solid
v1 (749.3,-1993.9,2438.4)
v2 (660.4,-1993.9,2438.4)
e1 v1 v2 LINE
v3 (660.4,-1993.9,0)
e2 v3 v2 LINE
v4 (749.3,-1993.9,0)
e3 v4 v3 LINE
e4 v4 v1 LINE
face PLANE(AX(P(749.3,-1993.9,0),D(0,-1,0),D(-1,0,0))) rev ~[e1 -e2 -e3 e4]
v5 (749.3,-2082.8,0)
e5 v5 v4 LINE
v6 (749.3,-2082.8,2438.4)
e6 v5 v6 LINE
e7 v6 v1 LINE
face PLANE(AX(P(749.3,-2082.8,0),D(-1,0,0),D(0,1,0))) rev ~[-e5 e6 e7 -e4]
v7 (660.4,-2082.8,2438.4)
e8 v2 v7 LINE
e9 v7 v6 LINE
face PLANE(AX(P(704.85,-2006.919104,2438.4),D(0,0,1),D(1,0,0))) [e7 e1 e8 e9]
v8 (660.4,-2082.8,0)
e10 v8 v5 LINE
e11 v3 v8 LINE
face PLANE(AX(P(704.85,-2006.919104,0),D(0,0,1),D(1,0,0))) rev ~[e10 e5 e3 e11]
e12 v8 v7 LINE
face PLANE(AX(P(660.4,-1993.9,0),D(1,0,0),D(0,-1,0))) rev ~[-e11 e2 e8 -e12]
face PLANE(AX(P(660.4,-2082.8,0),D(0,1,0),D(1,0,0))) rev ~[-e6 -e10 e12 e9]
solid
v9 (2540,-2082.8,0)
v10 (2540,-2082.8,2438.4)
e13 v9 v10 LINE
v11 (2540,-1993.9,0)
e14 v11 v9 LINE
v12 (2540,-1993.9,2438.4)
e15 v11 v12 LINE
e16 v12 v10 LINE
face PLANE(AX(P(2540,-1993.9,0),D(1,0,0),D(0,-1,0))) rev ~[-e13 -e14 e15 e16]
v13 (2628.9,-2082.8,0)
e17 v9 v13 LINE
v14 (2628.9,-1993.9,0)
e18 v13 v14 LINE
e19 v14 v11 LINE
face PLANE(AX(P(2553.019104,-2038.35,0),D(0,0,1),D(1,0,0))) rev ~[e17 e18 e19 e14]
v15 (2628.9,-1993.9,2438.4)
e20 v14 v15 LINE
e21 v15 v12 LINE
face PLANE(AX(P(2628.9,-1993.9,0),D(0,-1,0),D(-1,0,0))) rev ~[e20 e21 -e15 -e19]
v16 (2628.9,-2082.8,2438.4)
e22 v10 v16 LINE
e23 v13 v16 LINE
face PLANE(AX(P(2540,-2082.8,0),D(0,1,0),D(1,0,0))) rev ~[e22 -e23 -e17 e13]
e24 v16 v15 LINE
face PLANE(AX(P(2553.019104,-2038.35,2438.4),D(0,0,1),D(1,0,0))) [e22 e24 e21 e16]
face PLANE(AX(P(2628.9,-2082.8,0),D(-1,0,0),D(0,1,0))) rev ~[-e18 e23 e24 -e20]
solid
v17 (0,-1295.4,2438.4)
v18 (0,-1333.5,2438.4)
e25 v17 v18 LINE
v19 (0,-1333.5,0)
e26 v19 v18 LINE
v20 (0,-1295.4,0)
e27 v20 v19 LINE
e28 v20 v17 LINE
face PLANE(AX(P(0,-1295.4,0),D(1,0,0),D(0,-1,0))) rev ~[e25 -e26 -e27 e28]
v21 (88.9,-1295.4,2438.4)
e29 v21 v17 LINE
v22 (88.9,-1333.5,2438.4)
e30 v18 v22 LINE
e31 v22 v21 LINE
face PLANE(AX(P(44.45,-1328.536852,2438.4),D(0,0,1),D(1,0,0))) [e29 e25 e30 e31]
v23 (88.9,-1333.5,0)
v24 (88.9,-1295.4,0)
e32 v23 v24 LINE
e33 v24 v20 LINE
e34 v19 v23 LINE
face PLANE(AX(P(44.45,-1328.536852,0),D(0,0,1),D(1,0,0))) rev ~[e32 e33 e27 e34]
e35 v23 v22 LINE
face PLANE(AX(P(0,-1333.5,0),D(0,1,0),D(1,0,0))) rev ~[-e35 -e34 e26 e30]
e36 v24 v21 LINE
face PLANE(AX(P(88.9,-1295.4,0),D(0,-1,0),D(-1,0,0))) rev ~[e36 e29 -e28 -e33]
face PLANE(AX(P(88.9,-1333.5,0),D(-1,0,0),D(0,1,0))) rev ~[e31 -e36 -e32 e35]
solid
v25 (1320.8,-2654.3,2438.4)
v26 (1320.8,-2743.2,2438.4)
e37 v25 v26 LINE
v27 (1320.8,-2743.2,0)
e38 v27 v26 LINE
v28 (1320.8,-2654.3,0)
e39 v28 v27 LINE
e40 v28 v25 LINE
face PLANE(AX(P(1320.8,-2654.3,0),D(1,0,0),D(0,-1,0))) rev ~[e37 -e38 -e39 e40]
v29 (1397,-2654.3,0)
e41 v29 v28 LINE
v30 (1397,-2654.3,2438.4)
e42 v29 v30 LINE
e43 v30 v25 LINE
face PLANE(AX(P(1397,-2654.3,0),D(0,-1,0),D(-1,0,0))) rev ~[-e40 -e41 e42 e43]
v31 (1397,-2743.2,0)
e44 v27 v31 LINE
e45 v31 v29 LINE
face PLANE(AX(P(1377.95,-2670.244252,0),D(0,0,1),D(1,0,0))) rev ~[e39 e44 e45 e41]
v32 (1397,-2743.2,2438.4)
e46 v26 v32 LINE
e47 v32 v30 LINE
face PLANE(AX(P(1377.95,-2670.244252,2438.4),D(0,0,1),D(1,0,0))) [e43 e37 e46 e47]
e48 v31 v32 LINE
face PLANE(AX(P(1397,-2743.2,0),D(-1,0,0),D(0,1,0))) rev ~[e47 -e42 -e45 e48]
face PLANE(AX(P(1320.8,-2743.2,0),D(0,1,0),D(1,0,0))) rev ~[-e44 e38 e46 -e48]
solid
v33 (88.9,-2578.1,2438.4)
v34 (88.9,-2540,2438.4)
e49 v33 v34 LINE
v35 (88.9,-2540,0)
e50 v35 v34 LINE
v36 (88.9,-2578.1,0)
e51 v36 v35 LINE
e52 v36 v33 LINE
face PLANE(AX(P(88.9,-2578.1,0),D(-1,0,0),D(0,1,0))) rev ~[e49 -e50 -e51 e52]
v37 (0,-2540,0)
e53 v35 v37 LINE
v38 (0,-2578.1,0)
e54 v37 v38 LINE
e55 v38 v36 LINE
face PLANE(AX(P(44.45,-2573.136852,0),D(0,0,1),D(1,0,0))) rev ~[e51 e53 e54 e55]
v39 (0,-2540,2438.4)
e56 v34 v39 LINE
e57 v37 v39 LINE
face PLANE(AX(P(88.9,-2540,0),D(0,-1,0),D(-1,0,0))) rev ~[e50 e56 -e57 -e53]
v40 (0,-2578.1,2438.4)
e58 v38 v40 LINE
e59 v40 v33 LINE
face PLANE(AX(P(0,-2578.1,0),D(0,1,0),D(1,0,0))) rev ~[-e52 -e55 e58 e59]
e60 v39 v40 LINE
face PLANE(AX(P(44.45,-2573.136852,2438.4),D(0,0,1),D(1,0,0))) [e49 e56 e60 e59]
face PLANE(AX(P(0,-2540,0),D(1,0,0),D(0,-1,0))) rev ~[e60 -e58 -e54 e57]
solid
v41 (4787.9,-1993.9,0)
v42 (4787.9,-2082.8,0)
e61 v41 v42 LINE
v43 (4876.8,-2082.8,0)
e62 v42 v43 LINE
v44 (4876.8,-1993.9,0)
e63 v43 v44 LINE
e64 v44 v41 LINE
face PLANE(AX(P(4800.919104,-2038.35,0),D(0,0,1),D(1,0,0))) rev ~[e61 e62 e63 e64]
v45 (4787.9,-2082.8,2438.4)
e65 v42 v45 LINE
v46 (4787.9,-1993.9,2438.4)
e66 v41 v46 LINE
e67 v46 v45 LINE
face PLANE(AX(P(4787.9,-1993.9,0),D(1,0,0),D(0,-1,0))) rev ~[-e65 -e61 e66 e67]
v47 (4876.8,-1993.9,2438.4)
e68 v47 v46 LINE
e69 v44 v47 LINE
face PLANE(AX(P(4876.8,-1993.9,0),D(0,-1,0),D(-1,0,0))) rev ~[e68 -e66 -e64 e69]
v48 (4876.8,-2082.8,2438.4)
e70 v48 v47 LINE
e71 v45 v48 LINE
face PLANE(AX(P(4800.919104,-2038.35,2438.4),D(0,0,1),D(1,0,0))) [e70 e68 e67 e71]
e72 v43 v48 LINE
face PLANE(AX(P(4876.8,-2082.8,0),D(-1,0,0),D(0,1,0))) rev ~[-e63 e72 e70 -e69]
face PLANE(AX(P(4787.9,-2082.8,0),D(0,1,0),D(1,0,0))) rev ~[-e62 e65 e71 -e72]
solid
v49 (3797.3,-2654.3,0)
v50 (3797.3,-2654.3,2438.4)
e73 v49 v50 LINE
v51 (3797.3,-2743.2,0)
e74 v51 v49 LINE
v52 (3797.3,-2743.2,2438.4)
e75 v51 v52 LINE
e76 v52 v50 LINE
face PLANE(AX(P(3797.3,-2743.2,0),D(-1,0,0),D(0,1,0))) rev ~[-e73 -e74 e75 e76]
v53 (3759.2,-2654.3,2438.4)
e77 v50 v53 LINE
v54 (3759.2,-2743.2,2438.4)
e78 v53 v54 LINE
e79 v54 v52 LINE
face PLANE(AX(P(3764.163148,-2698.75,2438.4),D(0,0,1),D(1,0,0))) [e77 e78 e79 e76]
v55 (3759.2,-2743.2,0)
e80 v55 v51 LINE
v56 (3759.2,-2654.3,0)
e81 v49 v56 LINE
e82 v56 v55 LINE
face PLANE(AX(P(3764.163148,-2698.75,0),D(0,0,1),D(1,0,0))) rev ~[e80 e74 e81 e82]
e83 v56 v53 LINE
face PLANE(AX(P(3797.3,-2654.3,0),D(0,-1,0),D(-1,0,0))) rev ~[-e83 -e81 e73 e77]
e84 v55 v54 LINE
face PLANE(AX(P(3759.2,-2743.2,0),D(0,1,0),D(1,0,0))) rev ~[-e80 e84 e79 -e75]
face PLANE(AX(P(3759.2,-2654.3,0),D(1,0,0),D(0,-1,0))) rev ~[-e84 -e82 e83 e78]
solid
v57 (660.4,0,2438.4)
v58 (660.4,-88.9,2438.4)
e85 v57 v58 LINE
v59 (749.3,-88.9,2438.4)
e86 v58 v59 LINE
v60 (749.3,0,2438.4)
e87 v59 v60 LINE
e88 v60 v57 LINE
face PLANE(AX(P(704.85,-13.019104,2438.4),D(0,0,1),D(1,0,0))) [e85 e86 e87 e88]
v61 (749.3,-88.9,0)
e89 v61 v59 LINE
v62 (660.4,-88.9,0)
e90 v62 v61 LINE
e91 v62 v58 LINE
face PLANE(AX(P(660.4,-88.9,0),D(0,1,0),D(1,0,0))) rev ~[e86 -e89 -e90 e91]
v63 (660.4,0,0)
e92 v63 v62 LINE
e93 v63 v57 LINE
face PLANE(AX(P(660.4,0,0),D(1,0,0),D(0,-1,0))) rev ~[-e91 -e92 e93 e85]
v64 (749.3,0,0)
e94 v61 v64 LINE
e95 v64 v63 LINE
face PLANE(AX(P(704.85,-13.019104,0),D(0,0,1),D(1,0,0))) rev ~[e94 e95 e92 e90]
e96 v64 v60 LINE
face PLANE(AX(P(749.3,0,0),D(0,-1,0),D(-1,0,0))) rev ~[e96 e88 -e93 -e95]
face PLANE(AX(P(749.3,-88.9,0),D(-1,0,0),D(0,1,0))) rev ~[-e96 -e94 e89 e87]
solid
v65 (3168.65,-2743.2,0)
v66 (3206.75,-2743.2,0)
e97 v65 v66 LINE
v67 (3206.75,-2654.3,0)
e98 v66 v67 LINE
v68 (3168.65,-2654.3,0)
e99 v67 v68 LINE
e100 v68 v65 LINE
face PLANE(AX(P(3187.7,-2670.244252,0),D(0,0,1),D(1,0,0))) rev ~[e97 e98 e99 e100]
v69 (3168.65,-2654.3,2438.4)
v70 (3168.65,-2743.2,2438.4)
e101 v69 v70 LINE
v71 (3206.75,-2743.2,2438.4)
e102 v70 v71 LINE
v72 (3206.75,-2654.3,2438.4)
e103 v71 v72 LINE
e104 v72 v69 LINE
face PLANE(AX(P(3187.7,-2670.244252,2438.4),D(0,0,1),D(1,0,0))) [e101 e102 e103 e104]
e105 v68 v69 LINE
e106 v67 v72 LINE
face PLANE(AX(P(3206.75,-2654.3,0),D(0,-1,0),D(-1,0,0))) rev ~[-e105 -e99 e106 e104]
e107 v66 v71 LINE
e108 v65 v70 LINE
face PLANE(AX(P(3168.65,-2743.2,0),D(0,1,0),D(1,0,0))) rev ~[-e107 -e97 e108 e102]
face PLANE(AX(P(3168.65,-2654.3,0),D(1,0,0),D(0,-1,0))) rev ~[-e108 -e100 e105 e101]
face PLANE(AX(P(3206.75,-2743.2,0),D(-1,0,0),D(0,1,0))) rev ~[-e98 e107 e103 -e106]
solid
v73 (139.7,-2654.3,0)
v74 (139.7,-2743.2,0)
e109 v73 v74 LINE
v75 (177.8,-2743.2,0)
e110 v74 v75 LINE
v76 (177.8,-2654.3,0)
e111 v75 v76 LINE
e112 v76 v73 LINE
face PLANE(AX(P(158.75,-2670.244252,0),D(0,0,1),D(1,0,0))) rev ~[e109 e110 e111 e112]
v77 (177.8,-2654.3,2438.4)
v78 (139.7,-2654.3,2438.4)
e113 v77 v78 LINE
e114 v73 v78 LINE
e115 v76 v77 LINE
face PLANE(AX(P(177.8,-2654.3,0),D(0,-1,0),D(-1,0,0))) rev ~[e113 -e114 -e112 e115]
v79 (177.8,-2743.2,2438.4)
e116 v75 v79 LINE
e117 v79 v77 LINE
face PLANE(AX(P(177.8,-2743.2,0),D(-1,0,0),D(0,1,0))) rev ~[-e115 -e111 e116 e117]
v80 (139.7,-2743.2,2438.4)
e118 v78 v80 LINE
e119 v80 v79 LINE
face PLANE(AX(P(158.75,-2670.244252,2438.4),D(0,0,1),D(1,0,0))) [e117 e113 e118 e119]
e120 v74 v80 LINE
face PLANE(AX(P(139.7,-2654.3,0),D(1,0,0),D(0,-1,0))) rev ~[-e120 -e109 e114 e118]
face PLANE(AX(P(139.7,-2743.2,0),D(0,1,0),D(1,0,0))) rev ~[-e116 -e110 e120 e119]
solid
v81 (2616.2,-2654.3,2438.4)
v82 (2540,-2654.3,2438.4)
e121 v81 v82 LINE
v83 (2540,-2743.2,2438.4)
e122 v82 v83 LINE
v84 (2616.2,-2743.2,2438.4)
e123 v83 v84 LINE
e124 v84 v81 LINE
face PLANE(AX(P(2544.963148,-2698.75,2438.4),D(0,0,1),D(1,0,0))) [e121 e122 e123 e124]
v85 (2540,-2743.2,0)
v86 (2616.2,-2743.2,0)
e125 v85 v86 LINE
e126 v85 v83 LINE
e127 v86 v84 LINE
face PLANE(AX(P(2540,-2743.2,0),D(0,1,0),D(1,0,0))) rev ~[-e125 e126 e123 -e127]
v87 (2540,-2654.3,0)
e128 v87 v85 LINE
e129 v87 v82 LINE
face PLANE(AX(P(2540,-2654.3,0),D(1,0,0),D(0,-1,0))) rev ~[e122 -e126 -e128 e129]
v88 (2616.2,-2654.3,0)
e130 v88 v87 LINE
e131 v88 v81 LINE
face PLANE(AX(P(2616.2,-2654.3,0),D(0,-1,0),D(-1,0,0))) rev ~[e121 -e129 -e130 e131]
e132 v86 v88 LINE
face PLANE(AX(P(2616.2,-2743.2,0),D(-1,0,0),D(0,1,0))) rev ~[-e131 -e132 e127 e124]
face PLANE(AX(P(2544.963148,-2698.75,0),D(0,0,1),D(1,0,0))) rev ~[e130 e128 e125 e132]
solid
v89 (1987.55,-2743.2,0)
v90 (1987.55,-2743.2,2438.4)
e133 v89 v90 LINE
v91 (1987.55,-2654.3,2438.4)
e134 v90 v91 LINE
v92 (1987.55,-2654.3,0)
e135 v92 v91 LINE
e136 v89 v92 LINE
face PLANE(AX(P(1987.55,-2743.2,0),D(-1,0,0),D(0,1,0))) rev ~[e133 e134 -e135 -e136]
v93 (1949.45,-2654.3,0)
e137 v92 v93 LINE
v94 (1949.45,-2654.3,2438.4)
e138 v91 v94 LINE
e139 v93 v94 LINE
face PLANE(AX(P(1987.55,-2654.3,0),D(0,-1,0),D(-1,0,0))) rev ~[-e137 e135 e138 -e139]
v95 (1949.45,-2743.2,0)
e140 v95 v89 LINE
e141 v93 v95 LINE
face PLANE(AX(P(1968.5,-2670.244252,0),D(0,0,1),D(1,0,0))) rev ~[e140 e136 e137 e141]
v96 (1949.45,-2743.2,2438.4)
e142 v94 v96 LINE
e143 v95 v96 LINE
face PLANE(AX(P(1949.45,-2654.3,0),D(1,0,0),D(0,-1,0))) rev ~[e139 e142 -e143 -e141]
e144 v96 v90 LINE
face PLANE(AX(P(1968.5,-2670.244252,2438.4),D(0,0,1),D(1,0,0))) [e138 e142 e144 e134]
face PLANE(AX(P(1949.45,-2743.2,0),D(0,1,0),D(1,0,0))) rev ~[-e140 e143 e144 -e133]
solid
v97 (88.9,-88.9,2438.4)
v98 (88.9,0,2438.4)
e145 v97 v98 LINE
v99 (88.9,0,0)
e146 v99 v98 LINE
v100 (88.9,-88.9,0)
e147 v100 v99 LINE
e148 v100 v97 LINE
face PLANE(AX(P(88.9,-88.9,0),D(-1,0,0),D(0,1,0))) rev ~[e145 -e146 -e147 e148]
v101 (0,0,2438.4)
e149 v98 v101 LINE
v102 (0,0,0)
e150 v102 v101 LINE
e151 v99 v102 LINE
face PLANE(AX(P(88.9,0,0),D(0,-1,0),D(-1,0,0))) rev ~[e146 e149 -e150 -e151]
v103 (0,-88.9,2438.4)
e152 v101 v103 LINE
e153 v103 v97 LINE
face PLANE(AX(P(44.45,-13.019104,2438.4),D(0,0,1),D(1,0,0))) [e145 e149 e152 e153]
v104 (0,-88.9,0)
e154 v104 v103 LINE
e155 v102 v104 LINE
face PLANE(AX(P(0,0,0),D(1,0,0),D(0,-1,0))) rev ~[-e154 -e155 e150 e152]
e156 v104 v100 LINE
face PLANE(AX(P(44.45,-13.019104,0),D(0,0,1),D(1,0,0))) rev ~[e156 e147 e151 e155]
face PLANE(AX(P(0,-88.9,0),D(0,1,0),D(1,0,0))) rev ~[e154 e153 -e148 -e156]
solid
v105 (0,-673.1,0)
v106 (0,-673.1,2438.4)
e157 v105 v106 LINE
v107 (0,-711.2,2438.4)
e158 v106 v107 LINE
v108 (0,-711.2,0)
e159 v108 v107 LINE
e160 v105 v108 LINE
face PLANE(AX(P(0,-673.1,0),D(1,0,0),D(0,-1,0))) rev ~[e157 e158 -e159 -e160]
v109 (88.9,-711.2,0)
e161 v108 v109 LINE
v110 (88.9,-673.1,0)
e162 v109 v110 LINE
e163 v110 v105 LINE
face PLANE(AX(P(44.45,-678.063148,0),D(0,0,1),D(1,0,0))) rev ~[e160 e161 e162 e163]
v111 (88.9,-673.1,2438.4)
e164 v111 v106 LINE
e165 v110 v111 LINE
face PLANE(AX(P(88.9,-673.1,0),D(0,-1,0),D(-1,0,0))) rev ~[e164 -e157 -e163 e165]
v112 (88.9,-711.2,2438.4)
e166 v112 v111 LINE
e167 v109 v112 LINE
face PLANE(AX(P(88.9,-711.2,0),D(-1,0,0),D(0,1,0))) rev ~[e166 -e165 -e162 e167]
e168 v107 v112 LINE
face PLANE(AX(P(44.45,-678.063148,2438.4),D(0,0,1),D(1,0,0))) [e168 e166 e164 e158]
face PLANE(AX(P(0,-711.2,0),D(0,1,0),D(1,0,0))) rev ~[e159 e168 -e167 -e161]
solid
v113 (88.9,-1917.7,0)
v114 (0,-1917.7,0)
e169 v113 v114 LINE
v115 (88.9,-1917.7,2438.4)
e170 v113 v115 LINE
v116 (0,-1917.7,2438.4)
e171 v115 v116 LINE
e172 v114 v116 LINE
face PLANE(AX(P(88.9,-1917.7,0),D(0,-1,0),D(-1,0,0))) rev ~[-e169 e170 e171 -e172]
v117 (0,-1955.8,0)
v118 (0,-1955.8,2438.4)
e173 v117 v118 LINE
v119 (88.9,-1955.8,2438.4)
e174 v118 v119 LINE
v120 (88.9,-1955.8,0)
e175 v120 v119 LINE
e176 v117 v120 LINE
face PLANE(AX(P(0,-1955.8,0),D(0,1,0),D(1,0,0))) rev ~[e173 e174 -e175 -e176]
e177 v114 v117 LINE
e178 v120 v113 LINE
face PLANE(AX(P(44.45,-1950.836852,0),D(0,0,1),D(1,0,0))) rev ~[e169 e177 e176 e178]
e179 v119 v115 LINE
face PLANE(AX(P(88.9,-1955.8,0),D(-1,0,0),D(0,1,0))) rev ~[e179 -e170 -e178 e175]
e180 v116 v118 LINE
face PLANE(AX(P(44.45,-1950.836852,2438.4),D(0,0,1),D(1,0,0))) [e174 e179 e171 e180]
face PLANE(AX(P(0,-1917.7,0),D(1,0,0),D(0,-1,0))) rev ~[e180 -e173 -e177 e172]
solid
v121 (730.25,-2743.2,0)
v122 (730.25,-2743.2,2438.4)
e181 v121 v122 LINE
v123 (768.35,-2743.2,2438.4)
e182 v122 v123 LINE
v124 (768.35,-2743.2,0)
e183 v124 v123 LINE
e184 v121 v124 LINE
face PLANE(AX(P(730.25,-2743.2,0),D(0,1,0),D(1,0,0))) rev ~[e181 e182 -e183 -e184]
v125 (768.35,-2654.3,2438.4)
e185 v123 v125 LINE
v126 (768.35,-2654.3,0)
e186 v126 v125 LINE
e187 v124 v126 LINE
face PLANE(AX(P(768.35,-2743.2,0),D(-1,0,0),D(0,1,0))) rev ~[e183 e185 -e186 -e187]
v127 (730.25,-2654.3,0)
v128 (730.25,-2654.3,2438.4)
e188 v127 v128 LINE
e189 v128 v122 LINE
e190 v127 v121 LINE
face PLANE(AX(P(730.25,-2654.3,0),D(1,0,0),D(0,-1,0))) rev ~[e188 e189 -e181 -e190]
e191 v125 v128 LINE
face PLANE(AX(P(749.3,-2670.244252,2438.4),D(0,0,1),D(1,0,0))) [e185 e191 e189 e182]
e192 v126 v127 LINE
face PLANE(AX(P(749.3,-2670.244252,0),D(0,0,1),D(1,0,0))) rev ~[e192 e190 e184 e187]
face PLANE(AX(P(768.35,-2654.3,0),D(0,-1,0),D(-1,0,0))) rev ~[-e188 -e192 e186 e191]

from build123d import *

# Parameters (mm, degrees)
F1_DEPTH = 2438.4
F2_DEPTH = 2438.4


with BuildPart() as f1:
    # F0 (on Top) → F1 (new body)
    with BuildSketch(Plane.XY):
        Polygon((44.45, -44.45), (88.9, 0), (0, 0), align=None)
        Polygon((44.45, -44.45), (0, 0), (0, -88.9), align=None)
        Polygon((0, -88.9), (88.9, -88.9), (44.45, -44.45), align=None)
        Polygon((88.9, -88.9), (88.9, 0), (44.45, -44.45), align=None)
    extrude(amount=F1_DEPTH)


with BuildPart() as f1b:
    # F0 (on Top) → F1, piece 2 (new body)
    with BuildSketch(Plane.XY):
        Polygon((704.85, -44.45), (749.3, 0), (660.4, 0), align=None)
        Polygon((660.4, 0), (660.4, -88.9), (704.85, -44.45), align=None)
        Polygon((660.4, -88.9), (749.3, -88.9), (704.85, -44.45), align=None)
        Polygon((704.85, -44.45), (749.3, -88.9), (749.3, 0), align=None)
    extrude(amount=F1_DEPTH)


with BuildPart() as f1c:
    # F0 (on Top) → F1, piece 3 (new body)
    with BuildSketch(Plane.XY):
        Polygon((704.85, -2038.35), (749.3, -1993.9), (660.4, -1993.9), align=None)
        Polygon((660.4, -1993.9), (660.4, -2082.8), (704.85, -2038.35), align=None)
        Polygon((660.4, -2082.8), (749.3, -2082.8), (704.85, -2038.35), align=None)
        Polygon((704.85, -2038.35), (749.3, -2082.8), (749.3, -1993.9), align=None)
    extrude(amount=F1_DEPTH)


with BuildPart() as f1d:
    # F0 (on Top) → F1, piece 4 (new body)
    with BuildSketch(Plane.XY):
        Polygon((2540, -1993.9), (2540, -2082.8), (2584.45, -2038.35), align=None)
        Polygon((2628.9, -1993.9), (2540, -1993.9), (2584.45, -2038.35), align=None)
        Polygon((2584.45, -2038.35), (2628.9, -2082.8), (2628.9, -1993.9), align=None)
        Polygon((2584.45, -2038.35), (2540, -2082.8), (2628.9, -2082.8), align=None)
    extrude(amount=F1_DEPTH)


with BuildPart() as f1e:
    # F0 (on Top) → F1, piece 5 (new body)
    with BuildSketch(Plane.XY):
        Polygon((4832.35, -2038.35), (4787.9, -1993.9), (4787.9, -2082.8), align=None)
        Polygon((4876.8, -1993.9), (4787.9, -1993.9), (4832.35, -2038.35), align=None)
        Polygon((4876.8, -2082.8), (4876.8, -1993.9), (4832.35, -2038.35), align=None)
        Polygon((4832.35, -2038.35), (4787.9, -2082.8), (4876.8, -2082.8), align=None)
    extrude(amount=F1_DEPTH)


with BuildPart() as f2:
    # F0 (on Top) → F2 (new body)
    with BuildSketch(Plane.XY):
        Polygon((3778.25, -2698.75), (3759.2, -2654.3), (3759.2, -2743.2), align=None)
        Polygon((3778.25, -2698.75), (3797.3, -2654.3), (3759.2, -2654.3), align=None)
        Polygon((3797.3, -2743.2), (3778.25, -2698.75), (3759.2, -2743.2), align=None)
        Polygon((3797.3, -2743.2), (3797.3, -2654.3), (3778.25, -2698.75), align=None)
    extrude(amount=F2_DEPTH)


with BuildPart() as f2b:
    # F0 (on Top) → F2, piece 2 (new body)
    with BuildSketch(Plane.XY):
        Polygon((3206.75, -2654.3), (3168.65, -2654.3), (3187.7, -2698.75), align=None)
        Polygon((3187.7, -2698.75), (3168.65, -2654.3), (3168.65, -2743.2), align=None)
        Polygon((3206.75, -2743.2), (3187.7, -2698.75), (3168.65, -2743.2), align=None)
        Polygon((3206.75, -2654.3), (3187.7, -2698.75), (3206.75, -2743.2), align=None)
    extrude(amount=F2_DEPTH)


with BuildPart() as f2c:
    # F0 (on Top) → F2, piece 3 (new body)
    with BuildSketch(Plane.XY):
        Polygon((2559.05, -2698.75), (2540, -2654.3), (2540, -2743.2), align=None)
        Polygon((2559.05, -2698.75), (2578.1, -2654.3), (2540, -2654.3), align=None)
        Polygon((2616.2, -2654.3), (2578.1, -2654.3), (2597.15, -2698.75), align=None)
        Polygon((2616.2, -2743.2), (2616.2, -2654.3), (2597.15, -2698.75), align=None)
        Polygon((2597.15, -2698.75), (2578.1, -2743.2), (2616.2, -2743.2), align=None)
        Polygon((2578.1, -2743.2), (2559.05, -2698.75), (2540, -2743.2), align=None)
        Polygon((2597.15, -2698.75), (2578.1, -2654.3), (2578.1, -2743.2), align=None)
        Polygon((2578.1, -2743.2), (2578.1, -2654.3), (2559.05, -2698.75), align=None)
    extrude(amount=F2_DEPTH)


with BuildPart() as f2d:
    # F0 (on Top) → F2, piece 4 (new body)
    with BuildSketch(Plane.XY):
        Polygon((1987.55, -2654.3), (1949.45, -2654.3), (1968.5, -2698.75), align=None)
        Polygon((1987.55, -2654.3), (1968.5, -2698.75), (1987.55, -2743.2), align=None)
        Polygon((1968.5, -2698.75), (1949.45, -2654.3), (1949.45, -2743.2), align=None)
        Polygon((1987.55, -2743.2), (1968.5, -2698.75), (1949.45, -2743.2), align=None)
    extrude(amount=F2_DEPTH)


with BuildPart() as f2e:
    # F0 (on Top) → F2, piece 5 (new body)
    with BuildSketch(Plane.XY):
        Polygon((1397, -2654.3), (1358.9, -2654.3), (1377.95, -2698.75), align=None)
        Polygon((1358.9, -2654.3), (1320.8, -2654.3), (1339.85, -2698.75), align=None)
        Polygon((1339.85, -2698.75), (1320.8, -2654.3), (1320.8, -2743.2), align=None)
        Polygon((1358.9, -2743.2), (1358.9, -2654.3), (1339.85, -2698.75), align=None)
        Polygon((1377.95, -2698.75), (1358.9, -2654.3), (1358.9, -2743.2), align=None)
        Polygon((1397, -2743.2), (1397, -2654.3), (1377.95, -2698.75), align=None)
        Polygon((1377.95, -2698.75), (1358.9, -2743.2), (1397, -2743.2), align=None)
        Polygon((1339.85, -2698.75), (1320.8, -2743.2), (1358.9, -2743.2), align=None)
    extrude(amount=F2_DEPTH)


with BuildPart() as f2f:
    # F0 (on Top) → F2, piece 6 (new body)
    with BuildSketch(Plane.XY):
        Polygon((768.35, -2654.3), (730.25, -2654.3), (749.3, -2698.75), align=None)
        Polygon((768.35, -2743.2), (768.35, -2654.3), (749.3, -2698.75), align=None)
        Polygon((749.3, -2698.75), (730.25, -2654.3), (730.25, -2743.2), align=None)
        Polygon((749.3, -2698.75), (730.25, -2743.2), (768.35, -2743.2), align=None)
    extrude(amount=F2_DEPTH)


with BuildPart() as f2g:
    # F0 (on Top) → F2, piece 7 (new body)
    with BuildSketch(Plane.XY):
        Polygon((177.8, -2654.3), (139.7, -2654.3), (158.75, -2698.75), align=None)
        Polygon((158.75, -2698.75), (139.7, -2654.3), (139.7, -2743.2), align=None)
        Polygon((158.75, -2698.75), (139.7, -2743.2), (177.8, -2743.2), align=None)
        Polygon((177.8, -2743.2), (177.8, -2654.3), (158.75, -2698.75), align=None)
    extrude(amount=F2_DEPTH)


with BuildPart() as f2h:
    # F0 (on Top) → F2, piece 8 (new body)
    with BuildSketch(Plane.XY):
        Polygon((44.45, -2559.05), (0, -2578.1), (88.9, -2578.1), align=None)
        Polygon((88.9, -2540), (0, -2540), (44.45, -2559.05), align=None)
        Polygon((88.9, -2578.1), (88.9, -2540), (44.45, -2559.05), align=None)
        Polygon((44.45, -2559.05), (0, -2540), (0, -2578.1), align=None)
    extrude(amount=F2_DEPTH)


with BuildPart() as f2i:
    # F0 (on Top) → F2, piece 9 (new body)
    with BuildSketch(Plane.XY):
        Polygon((44.45, -1936.75), (0, -1955.8), (88.9, -1955.8), align=None)
        Polygon((88.9, -1955.8), (88.9, -1917.7), (44.45, -1936.75), align=None)
        Polygon((44.45, -1936.75), (0, -1917.7), (0, -1955.8), align=None)
        Polygon((88.9, -1917.7), (0, -1917.7), (44.45, -1936.75), align=None)
    extrude(amount=F2_DEPTH)


with BuildPart() as f2j:
    # F0 (on Top) → F2, piece 10 (new body)
    with BuildSketch(Plane.XY):
        Polygon((44.45, -1314.45), (0, -1333.5), (88.9, -1333.5), align=None)
        Polygon((88.9, -1333.5), (88.9, -1295.4), (44.45, -1314.45), align=None)
        Polygon((44.45, -1314.45), (0, -1295.4), (0, -1333.5), align=None)
        Polygon((88.9, -1295.4), (0, -1295.4), (44.45, -1314.45), align=None)
    extrude(amount=F2_DEPTH)


with BuildPart() as f2k:
    # F0 (on Top) → F2, piece 11 (new body)
    with BuildSketch(Plane.XY):
        Polygon((88.9, -673.1), (0, -673.1), (44.45, -692.15), align=None)
        Polygon((44.45, -692.15), (0, -673.1), (0, -711.2), align=None)
        Polygon((88.9, -711.2), (88.9, -673.1), (44.45, -692.15), align=None)
        Polygon((44.45, -692.15), (0, -711.2), (88.9, -711.2), align=None)
    extrude(amount=F2_DEPTH)


solid = Compound([f1.part, f1b.part, f1c.part, f1d.part, f1e.part, f2.part, f2b.part, f2c.part, f2d.part, f2e.part, f2f.part, f2g.part, f2h.part, f2i.part, f2j.part, f2k.part])
